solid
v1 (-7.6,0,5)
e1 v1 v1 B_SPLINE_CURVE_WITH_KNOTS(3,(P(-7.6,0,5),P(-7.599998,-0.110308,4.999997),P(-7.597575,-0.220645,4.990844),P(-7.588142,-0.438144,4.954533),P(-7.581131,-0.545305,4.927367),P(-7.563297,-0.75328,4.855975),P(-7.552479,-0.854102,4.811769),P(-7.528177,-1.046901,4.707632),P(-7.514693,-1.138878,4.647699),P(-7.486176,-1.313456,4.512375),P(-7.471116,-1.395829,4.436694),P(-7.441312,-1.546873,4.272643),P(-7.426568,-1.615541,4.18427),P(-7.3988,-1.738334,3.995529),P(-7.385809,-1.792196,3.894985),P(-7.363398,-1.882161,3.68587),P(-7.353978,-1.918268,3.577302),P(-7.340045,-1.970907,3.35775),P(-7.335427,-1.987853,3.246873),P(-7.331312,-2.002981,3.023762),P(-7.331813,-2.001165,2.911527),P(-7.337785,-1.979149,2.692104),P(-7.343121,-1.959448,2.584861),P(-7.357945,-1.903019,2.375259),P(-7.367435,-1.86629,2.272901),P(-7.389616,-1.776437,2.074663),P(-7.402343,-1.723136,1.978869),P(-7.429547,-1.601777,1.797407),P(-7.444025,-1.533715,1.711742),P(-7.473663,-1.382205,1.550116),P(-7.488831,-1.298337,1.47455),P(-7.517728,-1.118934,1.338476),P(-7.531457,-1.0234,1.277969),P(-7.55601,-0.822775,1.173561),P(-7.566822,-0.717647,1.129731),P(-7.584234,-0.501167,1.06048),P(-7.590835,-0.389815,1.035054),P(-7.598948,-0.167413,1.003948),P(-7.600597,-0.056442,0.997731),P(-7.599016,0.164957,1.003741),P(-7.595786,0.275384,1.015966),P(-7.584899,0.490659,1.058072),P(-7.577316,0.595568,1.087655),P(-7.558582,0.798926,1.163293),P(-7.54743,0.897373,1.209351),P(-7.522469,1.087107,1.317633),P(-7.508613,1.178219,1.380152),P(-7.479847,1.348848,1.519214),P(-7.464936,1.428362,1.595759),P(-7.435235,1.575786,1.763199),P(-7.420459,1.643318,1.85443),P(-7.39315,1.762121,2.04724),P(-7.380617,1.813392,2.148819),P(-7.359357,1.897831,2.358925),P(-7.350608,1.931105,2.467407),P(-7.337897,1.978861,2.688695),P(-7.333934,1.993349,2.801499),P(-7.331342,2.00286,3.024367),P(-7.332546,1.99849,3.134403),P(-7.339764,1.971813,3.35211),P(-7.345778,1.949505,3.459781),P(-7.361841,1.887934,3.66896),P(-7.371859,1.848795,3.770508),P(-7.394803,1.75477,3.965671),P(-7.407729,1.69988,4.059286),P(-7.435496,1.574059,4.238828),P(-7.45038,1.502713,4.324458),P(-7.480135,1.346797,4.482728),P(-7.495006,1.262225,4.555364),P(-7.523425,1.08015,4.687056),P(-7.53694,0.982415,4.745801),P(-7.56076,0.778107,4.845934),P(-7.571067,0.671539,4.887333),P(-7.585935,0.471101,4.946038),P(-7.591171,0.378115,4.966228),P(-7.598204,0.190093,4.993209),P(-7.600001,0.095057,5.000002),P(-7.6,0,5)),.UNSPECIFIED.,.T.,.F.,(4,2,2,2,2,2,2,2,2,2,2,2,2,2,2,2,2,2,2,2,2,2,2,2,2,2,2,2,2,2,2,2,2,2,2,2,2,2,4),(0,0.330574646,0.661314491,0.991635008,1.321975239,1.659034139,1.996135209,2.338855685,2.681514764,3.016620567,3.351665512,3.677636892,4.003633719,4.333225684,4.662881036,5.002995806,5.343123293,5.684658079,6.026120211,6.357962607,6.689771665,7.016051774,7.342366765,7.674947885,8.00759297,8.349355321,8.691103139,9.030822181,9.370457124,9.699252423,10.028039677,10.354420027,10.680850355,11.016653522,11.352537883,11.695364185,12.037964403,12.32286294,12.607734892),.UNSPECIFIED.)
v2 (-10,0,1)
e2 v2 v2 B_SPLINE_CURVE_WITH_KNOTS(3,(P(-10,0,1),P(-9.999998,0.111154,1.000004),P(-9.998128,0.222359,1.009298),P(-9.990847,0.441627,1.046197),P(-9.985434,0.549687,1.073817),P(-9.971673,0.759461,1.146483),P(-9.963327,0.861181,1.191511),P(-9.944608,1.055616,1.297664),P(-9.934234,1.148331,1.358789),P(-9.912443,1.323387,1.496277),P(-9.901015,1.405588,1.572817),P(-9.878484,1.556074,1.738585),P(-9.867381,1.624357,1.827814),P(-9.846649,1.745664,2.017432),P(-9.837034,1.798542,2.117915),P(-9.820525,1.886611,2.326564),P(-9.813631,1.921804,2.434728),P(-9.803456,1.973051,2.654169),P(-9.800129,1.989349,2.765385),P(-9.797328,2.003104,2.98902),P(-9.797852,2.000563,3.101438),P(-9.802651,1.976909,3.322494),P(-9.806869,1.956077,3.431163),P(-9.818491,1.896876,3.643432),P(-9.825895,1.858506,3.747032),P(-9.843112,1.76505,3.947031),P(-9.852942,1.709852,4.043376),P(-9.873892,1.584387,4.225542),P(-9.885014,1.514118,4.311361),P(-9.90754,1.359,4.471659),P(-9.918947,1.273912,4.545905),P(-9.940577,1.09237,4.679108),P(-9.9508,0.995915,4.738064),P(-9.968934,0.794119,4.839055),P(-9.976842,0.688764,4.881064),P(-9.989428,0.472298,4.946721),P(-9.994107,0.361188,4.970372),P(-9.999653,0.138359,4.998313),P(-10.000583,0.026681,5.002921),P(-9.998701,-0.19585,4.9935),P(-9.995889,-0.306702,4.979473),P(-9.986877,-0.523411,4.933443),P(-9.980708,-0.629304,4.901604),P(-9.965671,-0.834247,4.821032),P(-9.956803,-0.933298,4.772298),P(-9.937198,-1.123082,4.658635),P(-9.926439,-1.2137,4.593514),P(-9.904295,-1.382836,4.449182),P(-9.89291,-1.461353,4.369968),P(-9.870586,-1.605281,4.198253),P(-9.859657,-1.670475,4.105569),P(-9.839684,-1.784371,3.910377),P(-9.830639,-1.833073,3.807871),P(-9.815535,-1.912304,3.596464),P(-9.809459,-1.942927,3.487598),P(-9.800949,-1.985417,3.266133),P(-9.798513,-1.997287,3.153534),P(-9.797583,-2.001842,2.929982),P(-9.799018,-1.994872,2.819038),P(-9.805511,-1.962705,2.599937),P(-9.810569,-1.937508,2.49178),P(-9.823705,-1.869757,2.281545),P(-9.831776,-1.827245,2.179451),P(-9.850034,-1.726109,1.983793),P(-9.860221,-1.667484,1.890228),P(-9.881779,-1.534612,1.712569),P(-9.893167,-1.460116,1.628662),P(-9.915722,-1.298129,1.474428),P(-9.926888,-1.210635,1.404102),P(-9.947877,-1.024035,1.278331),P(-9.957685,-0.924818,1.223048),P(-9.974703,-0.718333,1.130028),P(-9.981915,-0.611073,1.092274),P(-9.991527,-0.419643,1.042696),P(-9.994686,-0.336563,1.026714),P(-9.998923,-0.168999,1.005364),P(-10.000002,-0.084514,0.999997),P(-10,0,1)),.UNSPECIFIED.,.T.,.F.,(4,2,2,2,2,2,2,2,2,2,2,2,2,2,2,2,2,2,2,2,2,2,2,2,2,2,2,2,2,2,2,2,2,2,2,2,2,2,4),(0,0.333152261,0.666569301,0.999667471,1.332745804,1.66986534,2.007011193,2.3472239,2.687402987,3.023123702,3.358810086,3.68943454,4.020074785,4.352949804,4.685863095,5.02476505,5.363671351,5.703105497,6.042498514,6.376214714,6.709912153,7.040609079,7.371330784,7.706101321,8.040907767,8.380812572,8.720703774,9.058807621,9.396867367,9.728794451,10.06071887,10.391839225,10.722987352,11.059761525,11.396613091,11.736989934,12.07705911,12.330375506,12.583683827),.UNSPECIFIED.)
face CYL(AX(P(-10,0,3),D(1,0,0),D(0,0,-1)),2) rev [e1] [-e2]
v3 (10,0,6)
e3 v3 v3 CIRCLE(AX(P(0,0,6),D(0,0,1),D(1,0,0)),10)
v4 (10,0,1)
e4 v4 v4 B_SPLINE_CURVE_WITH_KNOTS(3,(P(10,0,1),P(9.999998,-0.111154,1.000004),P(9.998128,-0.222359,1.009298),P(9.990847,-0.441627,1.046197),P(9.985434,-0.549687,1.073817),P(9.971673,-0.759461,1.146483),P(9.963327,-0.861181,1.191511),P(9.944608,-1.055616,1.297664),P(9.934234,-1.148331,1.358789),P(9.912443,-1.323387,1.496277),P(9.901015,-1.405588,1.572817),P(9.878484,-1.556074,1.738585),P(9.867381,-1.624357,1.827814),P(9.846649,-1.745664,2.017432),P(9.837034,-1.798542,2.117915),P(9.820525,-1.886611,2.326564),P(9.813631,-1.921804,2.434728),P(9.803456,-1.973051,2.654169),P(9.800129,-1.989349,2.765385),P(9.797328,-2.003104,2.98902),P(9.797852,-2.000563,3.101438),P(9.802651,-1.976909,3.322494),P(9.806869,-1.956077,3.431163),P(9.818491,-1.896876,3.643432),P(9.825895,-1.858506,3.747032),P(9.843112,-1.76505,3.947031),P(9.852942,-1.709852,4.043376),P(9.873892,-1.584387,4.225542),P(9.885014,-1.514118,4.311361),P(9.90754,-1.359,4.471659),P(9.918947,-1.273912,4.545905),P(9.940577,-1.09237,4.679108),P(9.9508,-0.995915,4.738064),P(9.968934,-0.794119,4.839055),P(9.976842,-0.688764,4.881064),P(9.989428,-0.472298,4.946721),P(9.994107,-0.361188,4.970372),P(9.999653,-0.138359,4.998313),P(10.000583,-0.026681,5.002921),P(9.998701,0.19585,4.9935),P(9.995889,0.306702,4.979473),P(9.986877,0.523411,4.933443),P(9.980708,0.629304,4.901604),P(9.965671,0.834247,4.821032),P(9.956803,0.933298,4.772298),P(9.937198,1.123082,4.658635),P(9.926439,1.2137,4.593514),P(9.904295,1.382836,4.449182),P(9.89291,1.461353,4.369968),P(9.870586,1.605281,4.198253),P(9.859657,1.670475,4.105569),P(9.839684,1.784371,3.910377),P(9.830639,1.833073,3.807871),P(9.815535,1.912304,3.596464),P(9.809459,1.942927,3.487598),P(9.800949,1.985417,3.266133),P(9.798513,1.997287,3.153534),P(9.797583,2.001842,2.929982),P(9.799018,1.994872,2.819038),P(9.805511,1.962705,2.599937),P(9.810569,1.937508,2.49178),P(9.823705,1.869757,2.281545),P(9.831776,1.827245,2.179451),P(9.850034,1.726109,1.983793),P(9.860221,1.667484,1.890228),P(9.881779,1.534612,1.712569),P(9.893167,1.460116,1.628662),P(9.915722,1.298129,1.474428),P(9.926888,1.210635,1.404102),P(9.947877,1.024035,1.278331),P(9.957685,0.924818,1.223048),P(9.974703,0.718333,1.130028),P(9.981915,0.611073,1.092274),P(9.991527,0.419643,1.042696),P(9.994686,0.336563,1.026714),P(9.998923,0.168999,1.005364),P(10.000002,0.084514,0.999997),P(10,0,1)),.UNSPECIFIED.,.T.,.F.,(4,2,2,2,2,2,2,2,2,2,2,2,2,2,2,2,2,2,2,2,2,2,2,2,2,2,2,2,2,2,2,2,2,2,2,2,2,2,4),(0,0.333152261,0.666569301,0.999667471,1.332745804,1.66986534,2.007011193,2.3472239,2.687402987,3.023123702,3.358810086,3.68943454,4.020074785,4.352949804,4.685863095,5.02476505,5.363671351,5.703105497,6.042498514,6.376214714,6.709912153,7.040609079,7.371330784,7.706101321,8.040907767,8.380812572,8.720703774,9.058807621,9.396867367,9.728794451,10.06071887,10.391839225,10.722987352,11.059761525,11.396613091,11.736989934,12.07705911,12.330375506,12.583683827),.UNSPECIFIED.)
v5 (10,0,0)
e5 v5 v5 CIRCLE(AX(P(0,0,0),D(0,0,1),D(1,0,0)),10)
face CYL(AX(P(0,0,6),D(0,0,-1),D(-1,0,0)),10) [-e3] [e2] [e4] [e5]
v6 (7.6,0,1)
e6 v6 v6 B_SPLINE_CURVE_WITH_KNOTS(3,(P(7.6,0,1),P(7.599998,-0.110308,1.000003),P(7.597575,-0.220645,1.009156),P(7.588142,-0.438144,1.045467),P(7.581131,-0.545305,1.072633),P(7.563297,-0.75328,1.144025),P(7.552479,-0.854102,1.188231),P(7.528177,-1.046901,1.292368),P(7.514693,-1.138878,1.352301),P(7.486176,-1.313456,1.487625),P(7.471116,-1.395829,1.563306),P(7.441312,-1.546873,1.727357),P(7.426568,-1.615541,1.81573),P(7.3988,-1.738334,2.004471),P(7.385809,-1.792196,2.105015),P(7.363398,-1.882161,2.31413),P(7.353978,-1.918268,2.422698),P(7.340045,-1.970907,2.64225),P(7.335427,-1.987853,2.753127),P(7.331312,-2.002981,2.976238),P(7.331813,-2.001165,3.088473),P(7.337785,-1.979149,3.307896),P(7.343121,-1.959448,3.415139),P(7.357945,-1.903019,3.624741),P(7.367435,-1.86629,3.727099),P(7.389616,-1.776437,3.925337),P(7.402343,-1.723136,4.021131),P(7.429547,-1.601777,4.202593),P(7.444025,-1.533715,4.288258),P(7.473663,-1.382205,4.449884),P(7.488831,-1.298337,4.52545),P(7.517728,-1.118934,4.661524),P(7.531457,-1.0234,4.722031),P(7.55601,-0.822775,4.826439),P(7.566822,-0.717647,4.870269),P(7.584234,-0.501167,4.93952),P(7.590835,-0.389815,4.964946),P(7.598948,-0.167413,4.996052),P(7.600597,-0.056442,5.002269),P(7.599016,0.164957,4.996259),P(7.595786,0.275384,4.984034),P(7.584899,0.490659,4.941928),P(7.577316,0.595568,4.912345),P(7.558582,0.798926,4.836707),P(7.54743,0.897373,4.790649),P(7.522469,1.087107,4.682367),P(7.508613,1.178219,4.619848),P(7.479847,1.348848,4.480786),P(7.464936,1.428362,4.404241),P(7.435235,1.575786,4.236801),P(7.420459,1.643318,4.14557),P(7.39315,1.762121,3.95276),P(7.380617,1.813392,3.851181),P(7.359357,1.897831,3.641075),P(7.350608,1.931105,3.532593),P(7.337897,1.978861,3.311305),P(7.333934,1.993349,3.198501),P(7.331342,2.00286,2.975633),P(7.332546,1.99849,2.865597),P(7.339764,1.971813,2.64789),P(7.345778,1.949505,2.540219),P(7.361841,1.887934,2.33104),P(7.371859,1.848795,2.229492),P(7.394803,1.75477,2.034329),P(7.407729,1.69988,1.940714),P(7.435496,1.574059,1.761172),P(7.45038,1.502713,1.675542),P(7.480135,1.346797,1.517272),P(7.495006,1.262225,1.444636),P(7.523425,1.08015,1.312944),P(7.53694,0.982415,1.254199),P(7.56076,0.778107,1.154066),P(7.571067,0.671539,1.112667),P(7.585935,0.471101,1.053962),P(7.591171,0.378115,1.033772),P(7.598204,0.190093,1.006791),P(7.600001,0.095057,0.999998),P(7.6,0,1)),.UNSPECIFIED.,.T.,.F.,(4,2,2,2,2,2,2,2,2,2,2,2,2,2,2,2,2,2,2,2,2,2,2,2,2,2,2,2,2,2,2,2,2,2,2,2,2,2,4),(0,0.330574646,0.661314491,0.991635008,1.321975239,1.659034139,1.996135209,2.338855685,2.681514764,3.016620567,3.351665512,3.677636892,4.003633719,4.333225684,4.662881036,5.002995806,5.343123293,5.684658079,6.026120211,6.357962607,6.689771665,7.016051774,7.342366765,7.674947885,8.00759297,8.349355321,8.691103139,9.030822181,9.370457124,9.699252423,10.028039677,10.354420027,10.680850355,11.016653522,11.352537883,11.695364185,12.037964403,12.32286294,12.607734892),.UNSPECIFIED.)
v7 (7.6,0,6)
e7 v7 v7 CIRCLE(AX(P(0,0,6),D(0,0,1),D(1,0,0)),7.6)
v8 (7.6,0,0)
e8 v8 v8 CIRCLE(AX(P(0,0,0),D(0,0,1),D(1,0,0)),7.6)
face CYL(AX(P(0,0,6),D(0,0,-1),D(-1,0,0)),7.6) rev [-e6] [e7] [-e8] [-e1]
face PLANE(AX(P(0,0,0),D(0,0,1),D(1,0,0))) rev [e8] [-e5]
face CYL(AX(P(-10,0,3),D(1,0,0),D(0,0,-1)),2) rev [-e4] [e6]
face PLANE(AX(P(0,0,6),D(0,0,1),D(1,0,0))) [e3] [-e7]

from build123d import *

# Parameters (mm, degrees)
ESBO_O1_R                  = 10
ESBO_O1_R_2                = 7.6
RESSALTO_EXTRUS_O1_DEPTH   = 6
ESBO_O2_R                  = 2
CORTE_EXTRUS_O1_DEPTH      = 11
CORTE_EXTRUS_O1_DEPTH_BACK = 11


with BuildPart() as part:
    # Esboço1 → Ressalto-extrusão1 (new body)
    with BuildSketch(Plane.XY):
        Circle(ESBO_O1_R)
        Circle(ESBO_O1_R_2, mode=Mode.SUBTRACT)
    extrude(amount=RESSALTO_EXTRUS_O1_DEPTH)

    # Esboço2 → Corte-extrusão1 (cut, two sides)
    with BuildSketch(Plane(origin=(0, 0, 0), x_dir=(0, 0, -1), z_dir=(1, 0, 0))) as corte_extrus_o1_sk:
        with Locations((-3, 0)):
            Circle(ESBO_O2_R)
    extrude(amount=CORTE_EXTRUS_O1_DEPTH, mode=Mode.SUBTRACT)
    extrude(corte_extrus_o1_sk.sketch, amount=-CORTE_EXTRUS_O1_DEPTH_BACK, mode=Mode.SUBTRACT)


solid = part.part
